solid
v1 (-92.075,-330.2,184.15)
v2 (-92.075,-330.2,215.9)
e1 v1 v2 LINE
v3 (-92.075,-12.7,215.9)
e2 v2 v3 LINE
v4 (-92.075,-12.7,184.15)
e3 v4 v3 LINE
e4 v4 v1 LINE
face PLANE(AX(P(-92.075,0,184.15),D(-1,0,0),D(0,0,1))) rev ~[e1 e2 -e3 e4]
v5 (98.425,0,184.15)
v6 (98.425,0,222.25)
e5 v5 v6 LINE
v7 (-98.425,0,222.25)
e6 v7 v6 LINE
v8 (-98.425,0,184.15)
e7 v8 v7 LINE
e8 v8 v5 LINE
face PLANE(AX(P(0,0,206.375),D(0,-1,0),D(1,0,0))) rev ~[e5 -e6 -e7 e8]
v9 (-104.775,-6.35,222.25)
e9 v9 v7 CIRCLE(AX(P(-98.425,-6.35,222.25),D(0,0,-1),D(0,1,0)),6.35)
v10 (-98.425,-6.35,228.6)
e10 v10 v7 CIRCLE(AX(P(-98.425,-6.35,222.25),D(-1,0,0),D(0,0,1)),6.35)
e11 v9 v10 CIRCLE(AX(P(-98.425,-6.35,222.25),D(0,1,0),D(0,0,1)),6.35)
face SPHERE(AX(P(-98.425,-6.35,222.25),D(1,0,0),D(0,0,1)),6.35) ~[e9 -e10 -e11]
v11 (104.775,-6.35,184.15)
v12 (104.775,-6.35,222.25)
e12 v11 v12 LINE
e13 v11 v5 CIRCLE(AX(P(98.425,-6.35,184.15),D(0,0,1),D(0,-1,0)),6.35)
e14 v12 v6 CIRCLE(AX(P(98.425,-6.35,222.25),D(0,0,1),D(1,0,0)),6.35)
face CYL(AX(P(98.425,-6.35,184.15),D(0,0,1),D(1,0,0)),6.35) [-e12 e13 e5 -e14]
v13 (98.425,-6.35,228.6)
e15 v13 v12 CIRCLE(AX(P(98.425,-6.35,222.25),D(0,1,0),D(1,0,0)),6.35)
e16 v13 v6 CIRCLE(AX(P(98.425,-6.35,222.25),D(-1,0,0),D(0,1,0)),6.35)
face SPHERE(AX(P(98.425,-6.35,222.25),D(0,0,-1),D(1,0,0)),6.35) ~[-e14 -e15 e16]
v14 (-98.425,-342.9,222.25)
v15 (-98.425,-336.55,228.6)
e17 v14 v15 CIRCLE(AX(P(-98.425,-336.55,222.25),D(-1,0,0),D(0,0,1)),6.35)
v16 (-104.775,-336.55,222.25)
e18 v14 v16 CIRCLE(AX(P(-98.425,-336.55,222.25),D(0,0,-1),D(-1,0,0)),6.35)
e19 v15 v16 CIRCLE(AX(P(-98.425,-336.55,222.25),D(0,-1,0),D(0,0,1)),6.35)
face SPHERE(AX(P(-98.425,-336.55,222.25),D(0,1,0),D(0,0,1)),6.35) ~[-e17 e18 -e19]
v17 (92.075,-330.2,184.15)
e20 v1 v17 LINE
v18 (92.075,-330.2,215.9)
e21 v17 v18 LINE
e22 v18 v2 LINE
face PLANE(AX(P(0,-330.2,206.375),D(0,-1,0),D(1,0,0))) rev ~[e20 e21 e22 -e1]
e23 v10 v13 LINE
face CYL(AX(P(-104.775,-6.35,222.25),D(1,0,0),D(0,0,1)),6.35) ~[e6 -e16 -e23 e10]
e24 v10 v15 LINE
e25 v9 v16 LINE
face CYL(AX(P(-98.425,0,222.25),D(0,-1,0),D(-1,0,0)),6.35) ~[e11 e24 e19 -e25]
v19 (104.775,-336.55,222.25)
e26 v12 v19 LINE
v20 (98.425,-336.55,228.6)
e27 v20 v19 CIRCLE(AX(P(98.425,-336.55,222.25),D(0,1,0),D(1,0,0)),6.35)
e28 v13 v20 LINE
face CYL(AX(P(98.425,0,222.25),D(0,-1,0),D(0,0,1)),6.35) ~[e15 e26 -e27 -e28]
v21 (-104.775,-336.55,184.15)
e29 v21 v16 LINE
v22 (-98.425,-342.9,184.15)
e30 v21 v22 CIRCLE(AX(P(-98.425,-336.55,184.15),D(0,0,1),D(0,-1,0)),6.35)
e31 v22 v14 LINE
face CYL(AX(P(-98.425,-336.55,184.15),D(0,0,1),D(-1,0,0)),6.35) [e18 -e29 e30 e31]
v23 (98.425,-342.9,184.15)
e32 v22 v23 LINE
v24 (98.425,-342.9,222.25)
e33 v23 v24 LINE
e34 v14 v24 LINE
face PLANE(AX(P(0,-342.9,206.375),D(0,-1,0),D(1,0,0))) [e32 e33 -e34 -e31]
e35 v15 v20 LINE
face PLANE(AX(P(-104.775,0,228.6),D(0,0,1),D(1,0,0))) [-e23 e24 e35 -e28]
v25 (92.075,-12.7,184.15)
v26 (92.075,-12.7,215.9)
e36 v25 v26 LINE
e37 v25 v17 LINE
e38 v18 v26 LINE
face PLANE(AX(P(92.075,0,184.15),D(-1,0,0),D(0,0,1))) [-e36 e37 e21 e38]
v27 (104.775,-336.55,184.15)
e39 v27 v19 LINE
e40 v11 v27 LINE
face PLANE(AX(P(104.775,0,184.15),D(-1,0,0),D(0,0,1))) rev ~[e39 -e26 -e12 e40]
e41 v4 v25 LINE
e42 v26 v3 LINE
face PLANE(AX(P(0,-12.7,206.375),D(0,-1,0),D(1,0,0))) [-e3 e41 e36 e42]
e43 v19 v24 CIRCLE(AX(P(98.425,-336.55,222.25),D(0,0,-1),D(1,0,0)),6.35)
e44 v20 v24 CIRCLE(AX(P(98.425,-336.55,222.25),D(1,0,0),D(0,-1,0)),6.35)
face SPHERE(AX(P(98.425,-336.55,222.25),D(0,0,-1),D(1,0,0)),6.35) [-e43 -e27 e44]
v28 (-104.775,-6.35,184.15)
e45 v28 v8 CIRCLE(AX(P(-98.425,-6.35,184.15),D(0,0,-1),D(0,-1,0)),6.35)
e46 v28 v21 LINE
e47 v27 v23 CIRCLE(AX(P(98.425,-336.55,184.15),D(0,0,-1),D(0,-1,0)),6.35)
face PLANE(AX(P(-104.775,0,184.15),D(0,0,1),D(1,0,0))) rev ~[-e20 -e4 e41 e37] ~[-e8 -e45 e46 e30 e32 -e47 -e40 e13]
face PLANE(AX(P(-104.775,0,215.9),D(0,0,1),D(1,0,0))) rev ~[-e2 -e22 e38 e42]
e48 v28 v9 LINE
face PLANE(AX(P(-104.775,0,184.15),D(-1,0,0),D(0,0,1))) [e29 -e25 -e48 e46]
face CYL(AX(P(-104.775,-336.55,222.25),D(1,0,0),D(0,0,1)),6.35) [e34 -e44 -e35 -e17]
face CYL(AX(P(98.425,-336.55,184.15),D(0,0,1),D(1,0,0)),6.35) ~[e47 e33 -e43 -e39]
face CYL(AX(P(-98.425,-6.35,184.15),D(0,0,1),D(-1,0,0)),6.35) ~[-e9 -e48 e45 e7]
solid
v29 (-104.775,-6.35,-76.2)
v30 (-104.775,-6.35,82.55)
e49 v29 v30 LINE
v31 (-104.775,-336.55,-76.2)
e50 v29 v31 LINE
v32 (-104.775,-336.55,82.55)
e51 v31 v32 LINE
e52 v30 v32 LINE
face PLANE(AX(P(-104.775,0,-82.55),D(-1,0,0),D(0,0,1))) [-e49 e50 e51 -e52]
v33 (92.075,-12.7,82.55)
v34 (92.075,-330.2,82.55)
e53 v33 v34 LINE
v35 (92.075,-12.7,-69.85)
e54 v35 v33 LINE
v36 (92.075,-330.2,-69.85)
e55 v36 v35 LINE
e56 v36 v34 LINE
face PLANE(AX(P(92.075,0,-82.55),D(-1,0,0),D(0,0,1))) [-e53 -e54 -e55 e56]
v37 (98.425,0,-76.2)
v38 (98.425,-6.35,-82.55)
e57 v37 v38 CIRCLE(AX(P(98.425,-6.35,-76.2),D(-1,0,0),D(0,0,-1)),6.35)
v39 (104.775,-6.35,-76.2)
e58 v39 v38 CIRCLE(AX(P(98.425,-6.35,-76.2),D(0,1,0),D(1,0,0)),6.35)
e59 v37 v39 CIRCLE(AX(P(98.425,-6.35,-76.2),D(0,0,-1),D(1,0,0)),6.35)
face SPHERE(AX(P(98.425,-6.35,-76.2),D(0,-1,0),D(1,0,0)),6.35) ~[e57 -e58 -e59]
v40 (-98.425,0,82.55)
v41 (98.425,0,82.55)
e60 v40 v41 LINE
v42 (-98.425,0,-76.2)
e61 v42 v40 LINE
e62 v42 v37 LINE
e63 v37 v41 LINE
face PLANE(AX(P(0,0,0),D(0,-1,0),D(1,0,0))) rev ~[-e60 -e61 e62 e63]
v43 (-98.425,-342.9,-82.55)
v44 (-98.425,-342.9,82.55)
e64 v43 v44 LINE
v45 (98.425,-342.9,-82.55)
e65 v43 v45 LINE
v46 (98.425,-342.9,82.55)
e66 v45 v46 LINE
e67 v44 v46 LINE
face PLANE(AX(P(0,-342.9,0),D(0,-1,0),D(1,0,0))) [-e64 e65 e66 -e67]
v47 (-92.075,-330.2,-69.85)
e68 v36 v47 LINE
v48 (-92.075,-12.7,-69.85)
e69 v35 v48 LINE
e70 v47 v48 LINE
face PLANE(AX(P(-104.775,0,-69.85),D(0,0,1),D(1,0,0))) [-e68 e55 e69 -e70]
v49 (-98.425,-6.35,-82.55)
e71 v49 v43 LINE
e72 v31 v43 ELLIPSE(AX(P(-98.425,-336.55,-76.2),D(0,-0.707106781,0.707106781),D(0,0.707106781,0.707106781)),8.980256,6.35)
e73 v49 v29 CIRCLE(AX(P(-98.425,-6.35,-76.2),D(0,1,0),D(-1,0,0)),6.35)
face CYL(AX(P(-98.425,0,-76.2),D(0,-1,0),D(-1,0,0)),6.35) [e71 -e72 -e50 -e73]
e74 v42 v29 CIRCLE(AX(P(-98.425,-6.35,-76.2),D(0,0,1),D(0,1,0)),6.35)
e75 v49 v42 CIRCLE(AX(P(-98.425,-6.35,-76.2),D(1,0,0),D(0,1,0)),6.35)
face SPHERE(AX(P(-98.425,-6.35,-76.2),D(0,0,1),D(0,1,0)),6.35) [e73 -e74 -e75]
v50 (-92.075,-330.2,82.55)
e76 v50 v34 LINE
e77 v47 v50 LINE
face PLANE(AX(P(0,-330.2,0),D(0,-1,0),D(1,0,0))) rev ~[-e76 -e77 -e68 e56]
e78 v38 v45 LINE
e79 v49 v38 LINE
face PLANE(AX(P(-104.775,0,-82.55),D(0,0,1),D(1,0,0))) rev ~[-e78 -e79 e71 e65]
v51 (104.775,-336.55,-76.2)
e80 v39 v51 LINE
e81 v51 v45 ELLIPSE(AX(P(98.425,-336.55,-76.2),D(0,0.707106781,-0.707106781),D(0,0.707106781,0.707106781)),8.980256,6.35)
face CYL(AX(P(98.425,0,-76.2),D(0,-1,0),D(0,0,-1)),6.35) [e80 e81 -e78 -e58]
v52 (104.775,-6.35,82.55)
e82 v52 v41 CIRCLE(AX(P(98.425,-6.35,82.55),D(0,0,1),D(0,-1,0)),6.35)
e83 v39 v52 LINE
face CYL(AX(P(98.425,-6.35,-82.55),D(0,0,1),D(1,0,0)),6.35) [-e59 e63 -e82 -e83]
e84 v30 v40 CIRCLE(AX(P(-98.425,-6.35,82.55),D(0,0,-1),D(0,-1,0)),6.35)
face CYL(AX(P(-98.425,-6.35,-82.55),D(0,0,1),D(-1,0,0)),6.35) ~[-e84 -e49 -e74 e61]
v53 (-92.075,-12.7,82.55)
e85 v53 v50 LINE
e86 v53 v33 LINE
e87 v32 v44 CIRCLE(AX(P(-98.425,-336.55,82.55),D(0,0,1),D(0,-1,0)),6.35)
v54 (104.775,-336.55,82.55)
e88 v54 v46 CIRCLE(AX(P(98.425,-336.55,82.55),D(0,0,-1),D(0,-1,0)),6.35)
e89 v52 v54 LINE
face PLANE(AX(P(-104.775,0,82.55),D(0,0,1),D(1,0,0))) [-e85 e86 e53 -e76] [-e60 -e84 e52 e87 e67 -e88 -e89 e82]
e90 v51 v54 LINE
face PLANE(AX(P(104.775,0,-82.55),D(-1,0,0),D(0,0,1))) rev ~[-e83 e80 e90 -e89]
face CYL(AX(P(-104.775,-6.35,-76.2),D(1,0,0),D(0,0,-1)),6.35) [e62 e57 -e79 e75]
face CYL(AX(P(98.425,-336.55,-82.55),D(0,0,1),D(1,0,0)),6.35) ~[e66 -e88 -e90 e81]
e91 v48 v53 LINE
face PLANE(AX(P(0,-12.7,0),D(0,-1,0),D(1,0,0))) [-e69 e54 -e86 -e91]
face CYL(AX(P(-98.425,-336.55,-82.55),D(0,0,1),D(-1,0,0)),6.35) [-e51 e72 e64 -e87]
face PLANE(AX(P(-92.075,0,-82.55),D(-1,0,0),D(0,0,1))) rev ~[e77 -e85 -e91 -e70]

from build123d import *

# Parameters (mm, degrees)
F0_W     = 209.55
F0_H     = 44.45
F1_DEPTH = 342.9
F0_H_2   = 165.1
F2_T     = -12.7
F2_2_T   = -12.7
F3_R     = 6.35
F3_2_R   = 6.35


with BuildPart() as f1:
    # F0 (on Front) → F1 (new body)
    with BuildSketch(Plane.XZ):
        with Locations((0, 206.375)):
            Rectangle(F0_W, F0_H)
    extrude(amount=F1_DEPTH)

    # F2#2
    f2_2_openings = [f1.faces().sort_by_distance(p)[0] for p in [
        (0, -171.45, 184.15),
    ]]
    offset(amount=F2_2_T, openings=f2_2_openings)

    # F3
    f3_edges = [f1.edges().sort_by_distance(p)[0] for p in [
        (104.775, -342.9, 206.375),
        (104.775, 0, 206.375),
        (104.775, -171.45, 228.6),
        (0, 0, 228.6),
        (-104.775, -171.45, 228.6),
        (0, -342.9, 228.6),
        (-104.775, -342.9, 206.375),
        (-104.775, 0, 206.375),
    ]]
    fillet(f3_edges, radius=F3_R)


with BuildPart() as f1b:
    # F0 (on Front) → F1, piece 2 (new body)
    with BuildSketch(Plane.XZ):
        Rectangle(F0_W, F0_H_2)
    extrude(amount=F1_DEPTH)

    # F2
    f2_openings = [f1b.faces().sort_by_distance(p)[0] for p in [
        (0, -171.45, 82.55),
    ]]
    offset(amount=F2_T, openings=f2_openings)

    # F3#2
    f3_2_edges = [f1b.edges().sort_by_distance(p)[0] for p in [
        (104.775, -342.9, 0),
        (-104.775, -342.9, 0),
        (104.775, -171.45, -82.55),
        (104.775, 0, 0),
        (-104.775, 0, 0),
        (0, 0, -82.55),
        (-104.775, -171.45, -82.55),
    ]]
    fillet(f3_2_edges, radius=F3_2_R)


solid = Compound([f1.part, f1b.part])
